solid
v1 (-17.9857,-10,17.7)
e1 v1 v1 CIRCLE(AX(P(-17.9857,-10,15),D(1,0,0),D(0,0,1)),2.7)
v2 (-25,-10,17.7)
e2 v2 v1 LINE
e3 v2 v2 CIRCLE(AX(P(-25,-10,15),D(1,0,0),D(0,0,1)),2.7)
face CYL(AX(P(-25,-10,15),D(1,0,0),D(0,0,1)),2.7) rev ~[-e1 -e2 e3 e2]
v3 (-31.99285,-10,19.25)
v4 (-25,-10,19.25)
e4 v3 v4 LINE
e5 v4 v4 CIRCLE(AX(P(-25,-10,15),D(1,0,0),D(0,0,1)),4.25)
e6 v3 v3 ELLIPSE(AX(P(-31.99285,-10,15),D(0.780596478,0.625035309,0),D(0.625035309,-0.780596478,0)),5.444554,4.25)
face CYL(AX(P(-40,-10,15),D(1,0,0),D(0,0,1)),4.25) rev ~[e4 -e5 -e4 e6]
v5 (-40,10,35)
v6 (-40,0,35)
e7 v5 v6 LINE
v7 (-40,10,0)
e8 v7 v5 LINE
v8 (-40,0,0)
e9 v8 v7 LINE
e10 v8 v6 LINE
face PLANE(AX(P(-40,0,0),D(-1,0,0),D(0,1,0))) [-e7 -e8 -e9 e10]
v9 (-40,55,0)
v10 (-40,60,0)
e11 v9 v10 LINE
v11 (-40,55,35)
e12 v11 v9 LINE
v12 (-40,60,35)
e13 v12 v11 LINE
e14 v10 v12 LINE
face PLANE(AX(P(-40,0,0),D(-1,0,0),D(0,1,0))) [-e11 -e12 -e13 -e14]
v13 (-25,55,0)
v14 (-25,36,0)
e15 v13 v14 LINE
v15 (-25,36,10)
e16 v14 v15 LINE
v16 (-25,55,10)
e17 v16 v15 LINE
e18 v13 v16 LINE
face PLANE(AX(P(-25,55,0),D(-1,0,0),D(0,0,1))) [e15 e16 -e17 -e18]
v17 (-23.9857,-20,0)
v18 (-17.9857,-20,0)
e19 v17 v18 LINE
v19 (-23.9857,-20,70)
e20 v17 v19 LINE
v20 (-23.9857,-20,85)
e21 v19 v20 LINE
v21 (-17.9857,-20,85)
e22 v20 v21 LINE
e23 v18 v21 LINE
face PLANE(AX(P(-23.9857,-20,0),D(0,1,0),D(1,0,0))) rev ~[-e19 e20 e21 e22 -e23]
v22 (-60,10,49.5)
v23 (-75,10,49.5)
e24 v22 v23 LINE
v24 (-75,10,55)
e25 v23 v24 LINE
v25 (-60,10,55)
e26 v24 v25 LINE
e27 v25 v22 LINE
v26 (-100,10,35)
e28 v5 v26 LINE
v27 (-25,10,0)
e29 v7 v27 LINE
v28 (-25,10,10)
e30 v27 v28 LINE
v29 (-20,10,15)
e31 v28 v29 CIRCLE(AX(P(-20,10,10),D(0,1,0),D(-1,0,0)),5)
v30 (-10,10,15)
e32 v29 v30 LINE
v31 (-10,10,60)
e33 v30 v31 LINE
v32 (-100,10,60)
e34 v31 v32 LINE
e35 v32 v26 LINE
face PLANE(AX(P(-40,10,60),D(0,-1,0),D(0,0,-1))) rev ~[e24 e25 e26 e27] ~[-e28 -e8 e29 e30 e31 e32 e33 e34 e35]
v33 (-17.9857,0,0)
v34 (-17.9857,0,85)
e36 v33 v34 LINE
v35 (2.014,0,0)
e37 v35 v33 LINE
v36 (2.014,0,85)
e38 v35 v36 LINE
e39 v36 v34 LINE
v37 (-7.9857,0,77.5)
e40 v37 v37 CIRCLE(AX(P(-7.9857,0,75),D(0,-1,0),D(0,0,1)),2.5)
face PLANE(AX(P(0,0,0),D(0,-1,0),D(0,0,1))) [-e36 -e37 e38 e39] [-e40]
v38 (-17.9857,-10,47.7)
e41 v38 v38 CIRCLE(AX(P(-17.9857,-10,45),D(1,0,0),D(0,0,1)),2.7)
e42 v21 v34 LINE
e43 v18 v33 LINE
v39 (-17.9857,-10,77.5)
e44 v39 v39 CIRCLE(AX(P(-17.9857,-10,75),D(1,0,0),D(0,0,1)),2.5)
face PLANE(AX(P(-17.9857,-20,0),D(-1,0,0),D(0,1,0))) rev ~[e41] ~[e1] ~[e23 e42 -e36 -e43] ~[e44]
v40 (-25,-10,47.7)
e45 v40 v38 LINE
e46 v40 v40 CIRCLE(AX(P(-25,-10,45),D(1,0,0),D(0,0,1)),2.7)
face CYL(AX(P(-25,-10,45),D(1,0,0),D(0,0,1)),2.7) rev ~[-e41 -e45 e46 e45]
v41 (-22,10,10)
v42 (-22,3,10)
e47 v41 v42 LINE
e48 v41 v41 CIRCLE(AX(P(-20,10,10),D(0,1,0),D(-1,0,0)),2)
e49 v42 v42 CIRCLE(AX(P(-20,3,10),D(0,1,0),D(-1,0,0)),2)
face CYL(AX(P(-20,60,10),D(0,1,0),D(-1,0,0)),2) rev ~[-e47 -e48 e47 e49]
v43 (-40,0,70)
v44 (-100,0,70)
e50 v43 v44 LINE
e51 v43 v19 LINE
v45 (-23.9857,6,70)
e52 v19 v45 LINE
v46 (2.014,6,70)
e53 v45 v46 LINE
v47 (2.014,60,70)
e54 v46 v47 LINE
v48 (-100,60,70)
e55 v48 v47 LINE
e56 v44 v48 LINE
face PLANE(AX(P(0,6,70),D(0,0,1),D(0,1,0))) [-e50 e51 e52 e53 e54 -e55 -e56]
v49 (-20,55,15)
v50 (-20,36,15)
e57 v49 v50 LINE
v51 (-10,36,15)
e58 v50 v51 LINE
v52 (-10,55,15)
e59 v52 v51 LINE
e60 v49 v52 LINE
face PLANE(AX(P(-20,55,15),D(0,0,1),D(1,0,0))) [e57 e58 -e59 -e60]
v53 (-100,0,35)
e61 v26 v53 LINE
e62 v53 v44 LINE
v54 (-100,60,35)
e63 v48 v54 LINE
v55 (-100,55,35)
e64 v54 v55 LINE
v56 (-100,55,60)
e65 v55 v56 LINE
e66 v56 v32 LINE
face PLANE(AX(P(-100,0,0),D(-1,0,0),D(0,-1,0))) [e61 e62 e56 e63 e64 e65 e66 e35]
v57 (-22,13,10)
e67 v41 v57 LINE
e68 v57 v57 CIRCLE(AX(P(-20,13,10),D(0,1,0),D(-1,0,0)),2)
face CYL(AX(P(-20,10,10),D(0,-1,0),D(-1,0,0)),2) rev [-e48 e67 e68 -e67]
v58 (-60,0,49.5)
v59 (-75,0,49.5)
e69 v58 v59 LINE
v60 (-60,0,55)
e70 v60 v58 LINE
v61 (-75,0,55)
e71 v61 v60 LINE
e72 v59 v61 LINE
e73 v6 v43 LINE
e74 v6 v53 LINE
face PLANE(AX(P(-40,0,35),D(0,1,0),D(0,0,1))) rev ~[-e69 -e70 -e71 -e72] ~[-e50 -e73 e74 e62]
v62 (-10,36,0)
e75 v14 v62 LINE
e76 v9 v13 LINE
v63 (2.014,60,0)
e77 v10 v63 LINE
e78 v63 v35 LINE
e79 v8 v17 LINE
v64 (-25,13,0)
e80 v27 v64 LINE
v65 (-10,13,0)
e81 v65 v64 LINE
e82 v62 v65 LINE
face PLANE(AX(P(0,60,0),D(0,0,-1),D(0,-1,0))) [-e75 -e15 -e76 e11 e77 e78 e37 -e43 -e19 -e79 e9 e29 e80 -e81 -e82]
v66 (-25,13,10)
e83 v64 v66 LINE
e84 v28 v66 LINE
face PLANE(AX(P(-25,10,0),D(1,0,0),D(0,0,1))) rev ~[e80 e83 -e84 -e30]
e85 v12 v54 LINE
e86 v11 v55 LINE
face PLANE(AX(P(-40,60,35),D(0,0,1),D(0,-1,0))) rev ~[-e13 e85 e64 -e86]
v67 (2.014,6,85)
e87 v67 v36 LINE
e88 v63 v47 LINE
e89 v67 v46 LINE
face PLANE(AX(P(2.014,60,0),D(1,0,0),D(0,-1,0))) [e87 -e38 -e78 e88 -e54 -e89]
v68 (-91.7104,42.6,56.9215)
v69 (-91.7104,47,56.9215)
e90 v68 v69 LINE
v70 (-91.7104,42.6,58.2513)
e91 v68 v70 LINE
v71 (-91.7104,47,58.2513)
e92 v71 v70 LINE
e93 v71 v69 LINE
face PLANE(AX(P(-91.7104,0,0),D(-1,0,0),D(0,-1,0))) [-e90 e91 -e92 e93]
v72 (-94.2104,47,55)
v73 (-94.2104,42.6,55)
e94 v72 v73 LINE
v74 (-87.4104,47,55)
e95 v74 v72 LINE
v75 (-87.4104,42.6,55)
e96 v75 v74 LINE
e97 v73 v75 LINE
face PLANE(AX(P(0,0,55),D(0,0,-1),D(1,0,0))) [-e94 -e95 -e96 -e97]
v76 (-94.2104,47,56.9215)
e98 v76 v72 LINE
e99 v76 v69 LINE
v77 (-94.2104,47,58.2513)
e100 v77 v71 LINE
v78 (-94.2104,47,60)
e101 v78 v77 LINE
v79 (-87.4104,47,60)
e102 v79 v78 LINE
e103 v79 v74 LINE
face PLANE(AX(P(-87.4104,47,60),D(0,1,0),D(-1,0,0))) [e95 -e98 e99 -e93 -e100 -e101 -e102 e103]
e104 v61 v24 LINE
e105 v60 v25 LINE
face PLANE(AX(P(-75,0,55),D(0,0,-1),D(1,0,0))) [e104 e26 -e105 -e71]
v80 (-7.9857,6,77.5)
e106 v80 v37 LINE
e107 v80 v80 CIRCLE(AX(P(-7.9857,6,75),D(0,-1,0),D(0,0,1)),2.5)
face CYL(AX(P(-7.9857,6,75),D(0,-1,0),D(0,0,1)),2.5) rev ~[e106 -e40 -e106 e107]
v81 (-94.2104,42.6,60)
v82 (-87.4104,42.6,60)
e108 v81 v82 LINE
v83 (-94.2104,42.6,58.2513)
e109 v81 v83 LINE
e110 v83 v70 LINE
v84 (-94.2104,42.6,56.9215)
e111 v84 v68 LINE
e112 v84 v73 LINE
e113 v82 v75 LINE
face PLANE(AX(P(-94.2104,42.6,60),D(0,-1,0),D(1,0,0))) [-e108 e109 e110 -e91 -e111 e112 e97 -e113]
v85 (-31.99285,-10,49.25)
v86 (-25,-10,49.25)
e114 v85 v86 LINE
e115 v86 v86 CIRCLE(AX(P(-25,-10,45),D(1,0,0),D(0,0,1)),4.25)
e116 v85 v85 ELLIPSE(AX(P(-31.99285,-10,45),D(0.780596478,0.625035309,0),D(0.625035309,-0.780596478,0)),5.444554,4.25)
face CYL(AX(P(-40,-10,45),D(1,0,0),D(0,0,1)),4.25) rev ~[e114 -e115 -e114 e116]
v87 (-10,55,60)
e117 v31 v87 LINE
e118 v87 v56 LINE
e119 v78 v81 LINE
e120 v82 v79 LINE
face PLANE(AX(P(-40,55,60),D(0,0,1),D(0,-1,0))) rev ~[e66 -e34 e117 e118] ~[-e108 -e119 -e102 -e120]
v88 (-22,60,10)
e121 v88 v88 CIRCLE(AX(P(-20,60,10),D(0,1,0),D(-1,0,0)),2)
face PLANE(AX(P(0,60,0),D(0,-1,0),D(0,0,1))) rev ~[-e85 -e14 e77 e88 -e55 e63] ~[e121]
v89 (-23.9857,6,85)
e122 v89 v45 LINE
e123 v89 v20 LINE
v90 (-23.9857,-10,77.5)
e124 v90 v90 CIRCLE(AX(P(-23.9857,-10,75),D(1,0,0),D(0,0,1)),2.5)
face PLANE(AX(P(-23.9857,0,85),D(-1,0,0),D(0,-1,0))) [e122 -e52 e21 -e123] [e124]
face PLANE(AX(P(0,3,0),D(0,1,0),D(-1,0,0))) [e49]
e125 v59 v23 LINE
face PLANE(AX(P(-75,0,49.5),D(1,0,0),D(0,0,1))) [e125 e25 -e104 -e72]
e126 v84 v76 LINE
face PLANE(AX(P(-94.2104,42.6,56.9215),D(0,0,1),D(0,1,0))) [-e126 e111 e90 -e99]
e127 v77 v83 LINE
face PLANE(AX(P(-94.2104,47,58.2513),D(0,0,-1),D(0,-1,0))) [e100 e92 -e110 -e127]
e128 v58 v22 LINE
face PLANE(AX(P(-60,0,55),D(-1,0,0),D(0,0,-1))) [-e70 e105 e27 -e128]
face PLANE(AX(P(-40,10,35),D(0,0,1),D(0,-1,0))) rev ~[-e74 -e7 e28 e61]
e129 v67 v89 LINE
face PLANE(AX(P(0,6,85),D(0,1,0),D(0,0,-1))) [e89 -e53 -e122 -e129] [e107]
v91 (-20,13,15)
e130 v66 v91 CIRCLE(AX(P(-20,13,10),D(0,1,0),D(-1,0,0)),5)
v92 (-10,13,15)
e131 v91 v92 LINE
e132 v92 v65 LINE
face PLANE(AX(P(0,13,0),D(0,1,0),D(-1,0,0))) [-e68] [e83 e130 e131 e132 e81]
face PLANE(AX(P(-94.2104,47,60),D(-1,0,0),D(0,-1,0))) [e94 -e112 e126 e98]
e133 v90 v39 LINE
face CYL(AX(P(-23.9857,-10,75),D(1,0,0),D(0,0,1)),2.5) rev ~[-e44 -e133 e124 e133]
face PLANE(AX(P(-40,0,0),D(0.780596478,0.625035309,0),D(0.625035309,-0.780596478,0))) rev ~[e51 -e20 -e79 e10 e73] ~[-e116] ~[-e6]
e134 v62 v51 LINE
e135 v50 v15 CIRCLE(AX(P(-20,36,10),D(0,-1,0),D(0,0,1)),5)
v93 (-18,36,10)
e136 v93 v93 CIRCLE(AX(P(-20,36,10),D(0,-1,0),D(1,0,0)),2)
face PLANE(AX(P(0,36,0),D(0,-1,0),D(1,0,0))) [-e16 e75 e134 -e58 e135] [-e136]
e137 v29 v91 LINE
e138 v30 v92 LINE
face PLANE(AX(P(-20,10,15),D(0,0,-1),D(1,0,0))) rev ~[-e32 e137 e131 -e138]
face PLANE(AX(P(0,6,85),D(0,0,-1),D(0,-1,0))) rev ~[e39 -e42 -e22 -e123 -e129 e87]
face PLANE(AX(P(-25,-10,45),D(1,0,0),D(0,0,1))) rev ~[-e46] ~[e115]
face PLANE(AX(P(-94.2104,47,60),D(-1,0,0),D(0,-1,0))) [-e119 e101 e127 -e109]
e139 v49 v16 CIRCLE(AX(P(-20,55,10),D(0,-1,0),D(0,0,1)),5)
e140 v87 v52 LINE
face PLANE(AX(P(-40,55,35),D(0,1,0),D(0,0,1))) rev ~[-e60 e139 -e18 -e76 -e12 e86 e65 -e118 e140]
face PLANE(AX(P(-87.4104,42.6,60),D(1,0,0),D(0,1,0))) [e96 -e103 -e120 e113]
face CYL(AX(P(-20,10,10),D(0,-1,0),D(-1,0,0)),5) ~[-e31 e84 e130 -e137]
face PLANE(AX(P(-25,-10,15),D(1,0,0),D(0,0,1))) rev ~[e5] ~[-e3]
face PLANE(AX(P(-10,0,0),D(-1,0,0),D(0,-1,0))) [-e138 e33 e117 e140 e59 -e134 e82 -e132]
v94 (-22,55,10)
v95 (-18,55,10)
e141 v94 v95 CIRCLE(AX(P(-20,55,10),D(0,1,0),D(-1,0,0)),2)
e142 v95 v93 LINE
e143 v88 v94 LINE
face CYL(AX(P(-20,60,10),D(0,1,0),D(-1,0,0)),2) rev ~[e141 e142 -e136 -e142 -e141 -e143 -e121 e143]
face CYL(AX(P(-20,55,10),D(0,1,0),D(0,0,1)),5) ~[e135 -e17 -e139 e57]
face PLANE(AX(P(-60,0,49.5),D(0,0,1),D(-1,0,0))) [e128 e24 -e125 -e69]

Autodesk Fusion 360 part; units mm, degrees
sketch "Sketch3" plane through (0, 0, 0) normal (0, 0, 1) x (1, 0, 0)
  line L0 (0, 0) -> (-40, 0)
  line L1 (-40, 0) -> (-40, 60)
  line L2 (-40, 60) -> (0, 60)
  line L3 (0, 60) -> (0, 0)
  line L4 (-17.9857, 0) -> (-23.9857, 0)
  line L5 (-23.9857, 0) -> (-23.9857, -20)
  line L6 (-23.9857, -20) -> (-17.9857, -20)
  line L7 (-17.9857, -20) -> (-17.9857, 0)
  line L8 (-40, 0) -> (-23.9857, -20)
  line L9 (-17.9857, 0) -> (2.0143, 0)
  line L10 (2.0143, 0) -> (2.0143, 1.9843)
  line L11 (2.0143, 1.9843) -> (2.0143, 60)
  line L12 (2.0143, 60) -> (0, 60)
  dimension "d16" = 60
  dimension "d17" = 40
  dimension "d18" = 20
  dimension "d19" = 6
  dimension "d63" = 20
extrude "Extrude1" add sketch "Sketch3" along normal blind 85 contours L0 L1 L2 L3 L4 L9 | L0 L4 L5 L6 L7 | L0 L5 L8
sketch "Sketch5" plane through (0, 0, 85) normal (0, 0, 1) x (-1, 0, 0)
  line L0 (23.9857, 20) -> (17.9857, 20)
  line L1 (17.9857, 20) -> (17.9857, 0)
  line L2 (17.9857, 0) -> (0, 0)
  line L3 (0, 0) -> (0, -60)
  line L4 (0, -60) -> (40, -60)
  line L5 (40, -60) -> (40, 0)
  line L6 (40, -60) -> (0, -60)
  line L7 (0, -6) -> (23.9857, -6)
  line L8 (23.9857, -6) -> (23.9857, 0)
  line L9 (40, 0) -> (23.9857, 20)
  line L10 (23.9857, 0) -> (23.9857, 20)
  dimension "d20" = 6
extrude "Extrude2" cut sketch "Sketch5" against normal blind 15 contours L3 L4 L5 L6 L7 L8 L9 L10
sketch "Sketch6" plane through (-40, 0, 0) normal (-1, 0, 0) x (0, -1, 0)
  line L0 (0, 70) -> (-60, 70)
  line L1 (-60, 70) -> (-60, 0)
  line L2 (-60, 0) -> (0, 0)
  line L3 (-55, 0) -> (-10, 0)
  line L4 (-10, 0) -> (-10, 60)
  line L5 (-10, 60) -> (-55, 60)
  line L6 (-55, 60) -> (-55, 0)
  line L7 (0, 0) -> (0, 70)
  dimension "d23" = 45
  dimension "d27" = 10
  dimension "d28" = 60
extrude "Extrude3" cut sketch "Sketch6" against normal blind 30 contours L2 L3 L4 L5 L6
sketch "Sketch7" plane through (0, 60, 0) normal (0, 1, 0) x (-1, 0, 0)
  line L0 (40, 70) -> (0, 70)
  line L1 (0, 70) -> (0, 0)
  line L2 (0, 0) -> (40, 0)
  line L3 (40, 0) -> (40, 70)
  line L4 (20, 70) -> (20, 10) construction
  circle A0 centre (20, 10) radius 2
  point P0 (20, 10)
  dimension "d29" = 60
  dimension "d30" = 20
  dimension "d31" = 4
extrude "Extrude4" cut sketch "Sketch7" against normal blind 57 contours A0
sketch "Sketch8" plane through (0, 55, 0) normal (0, -1, 0) x (1, 0, 0)
  circle A0 centre (-20, 10) radius 2
  line L0 (-40, 60) -> (-40, 0)
  line L1 (-40, 0) -> (-10, 0)
  line L2 (-10, 0) -> (-10, 60)
  line L3 (-10, 60) -> (-40, 60)
  line L4 (-10, 0) -> (-25, 0)
  line L5 (-25, 0) -> (-25, 10)
  line L6 (-20, 15) -> (-10, 15)
  line L7 (-10, 15) -> (-10, 0)
  arc A1 (-20, 15) -> (-25, 10) centre (-20, 10) ccw
  dimension "d34" = 5
extrude "Extrude5" add sketch "Sketch8" along normal blind 19 contours L1 L2 L4 L5 L6 L7 A1
sketch "Sketch10" plane through (0, 36, 0) normal (0, -1, 0) x (1, 0, 0)
  circle A0 centre (-20, 10) radius 2
  line L0 (-10, 15) -> (-20, 15)
  arc A1 (-20, 15) -> (-25, 10) centre (-20, 10) ccw
  line L1 (-25, 10) -> (-25, 0)
  line L2 (-25, 0) -> (-10, 0)
  line L3 (-10, 0) -> (-10, 15)
  line L4 (-20, 10) -> (-90.5618, 57.3923)
  dimension "d39" = 85
sketch "Sketch11" plane through (-40, 0, 0) normal (-1, 0, 0) x (0, -1, 0)
  line L0 (-55, 0) -> (-55, 60)
  line L1 (-55, 60) -> (-10, 60)
  line L2 (-10, 60) -> (-10, 0)
  line L3 (-10, 0) -> (0, 0)
  line L4 (0, 0) -> (0, 70)
  line L5 (0, 70) -> (-60, 70)
  line L6 (-60, 70) -> (-60, 0)
  line L7 (-60, 0) -> (-55, 0)
  line L8 (0, 70) -> (-60, 70)
  line L9 (-60, 35) -> (-55, 35)
  line L10 (-55, 60) -> (-10, 60)
  line L11 (-10, 35) -> (0, 35)
extrude "Extrude6" add sketch "Sketch11" along normal blind 60 contours L0 L1 L2 L4 L5 L6 L8 L9 L10 L11
sketch "Sketch12" plane through (0, 0, 60) normal (0, 0, -1) x (1, 0, 0)
  line L0 (-100, -55) -> (-10, -55)
  line L1 (-10, -55) -> (-10, -10)
  line L2 (-10, -10) -> (-100, -10)
  line L3 (-100, -10) -> (-100, -55)
  line L4 (-94.2104, -42.6) -> (-87.4104, -42.6)
  line L5 (-87.4104, -42.6) -> (-87.4104, -47)
  line L6 (-87.4104, -47) -> (-94.2104, -47)
  line L7 (-94.2104, -47) -> (-94.2104, -42.6)
  dimension "d71" = 6.8
  dimension "d72" = 4.4
  dimension "d73" = 8
extrude "Extrude7" add sketch "Sketch12" along normal blind 5 contours L4 L5 L6 L7
sketch "Sketch13" plane through (-94.2104, 0, 0) normal (-1, 0, 0) x (0, -1, 0)
  line L0 (-42.6, 60) -> (-47, 60)
  line L1 (-47, 60) -> (-47, 55)
  line L2 (-47, 55) -> (-42.6, 55)
  line L3 (-42.6, 55) -> (-42.6, 60)
  line L4 (-47, 58.2513) -> (-42.6, 58.2513)
  line L5 (-42.6, 58.2513) -> (-42.6, 56.9215)
  line L6 (-42.6, 56.9215) -> (-47, 56.9215)
  line L7 (-47, 56.9215) -> (-47, 58.2513)
extrude "Extrude8" cut sketch "Sketch13" against normal blind 2.5 contours L1 L3 L4 L5 L6 L7
sketch "Sketch14" plane through (0, 6, 0) normal (0, 1, 0) x (-1, 0, 0)
  line L0 (23.9857, 85) -> (0, 85)
  line L1 (0, 85) -> (0, 70) construction
  line L2 (0, 70) -> (23.9857, 70)
  line L3 (23.9857, 70) -> (23.9857, 85)
  line L4 (-2.0143, 85) -> (17.9857, 85) construction
  line L5 (17.9857, 85) -> (17.9857, 65) construction
  line L6 (17.9857, 65) -> (-2.0143, 65) construction
  line L7 (-2.0143, 65) -> (-2.0143, 85) construction
  line L8 (17.9857, 85) -> (-2.0143, 65) construction
  line L9 (-2.0143, 85) -> (17.9857, 65) construction
  point P0 (7.9857, 75)
  dimension "d68" = 6
  dimension "d69" = 20
  dimension "d70" = 20
hole "Hole3" at (-7.9857, 6, 75) direction (0, -1, 0) diameter 5 depth 10 tip angle 118
sketch "Sketch15" plane through (-23.9857, 0, 0) normal (-1, 0, 0) x (0, -1, 0)
  line L0 (20, 85) -> (-6, 85) construction
  line L1 (-6, 85) -> (-6, 70)
  line L2 (-6, 70) -> (20, 70) construction
  line L3 (20, 70) -> (20, 85) construction
  line L4 (20, 85) -> (0, 85) construction
  line L5 (0, 85) -> (0, 65) construction
  line L6 (0, 65) -> (20, 65) construction
  line L7 (20, 65) -> (20, 85) construction
  line L8 (20, 85) -> (0, 65) construction
  line L9 (0, 85) -> (20, 65) construction
  point P0 (10, 75)
  dimension "d51" = 20
  dimension "d52" = 20
hole "Hole4" at (-23.9857, -10, 75) direction (1, 0, 0) diameter 5 depth 6 tip angle 118
sketch "Sketch16" plane through (-40, 0, 0) normal (-1, 0, 0) x (0, -1, 0)
  line L0 (0, 35) -> (-10, 35)
  line L1 (-10, 35) -> (-10, 0)
  line L2 (-10, 0) -> (0, 0)
  line L3 (0, 0) -> (0, 35)
  line L4 (10, 75) -> (10, 0) construction
  point P0 (10, 15)
  point P1 (10, 45)
hole "Hole5" at (-40, -10, 15) at (-40, -10, 45) direction (1, 0, 0) diameter 5.4 depth 25 tip angle 180 counterbore diameter 8.5 counterbore depth 15
extrude "Extrude9" add 1 faces at (0, 22, 23.3333) along direction (1, 0, 0) blind 2.014
sketch "Sketch18" plane through (0, 10, 0) normal (0, 1, 0) x (-1, 0, 0)
  circle A0 centre (20, 10) radius 2
  line L0 (100, 60) -> (10, 60)
  line L1 (10, 60) -> (10, 0)
  line L2 (10, 0) -> (40, 0)
  line L3 (40, 0) -> (40, 35)
  line L4 (40, 35) -> (100, 35)
  line L5 (100, 35) -> (100, 60)
  line L6 (10, 0) -> (25, 0)
  line L7 (25, 0) -> (25, 10)
  line L8 (20, 15) -> (10, 15)
  line L9 (10, 15) -> (10, 0)
  arc A1 (25, 10) -> (20, 15) centre (20, 10) ccw
  dimension "d74" = 5
extrude "Extrude10" add sketch "Sketch18" along normal blind 3 contours L1 L2 L6 L7 L8 L9 A1
sketch "Sketch19" plane through (0, 0, 0) normal (0, -1, 0) x (1, 0, 0)
  line L0 (-40, 35) -> (-40, 70)
  line L1 (-40, 70) -> (-100, 70)
  line L2 (-100, 70) -> (-100, 35)
  line L3 (-100, 35) -> (-40, 35)
  line L4 (-75, 55) -> (-60, 55)
  line L5 (-60, 55) -> (-60, 49.5)
  line L6 (-60, 49.5) -> (-75, 49.5)
  line L7 (-75, 49.5) -> (-75, 55)
  dimension "d77" = 15
  dimension "d78" = 5.5
extrude "Extrude11" cut sketch "Sketch19" against normal blind 10 contours L4 L5 L6 L7
equation "d65 = 20 mm - 17.986 mm"
